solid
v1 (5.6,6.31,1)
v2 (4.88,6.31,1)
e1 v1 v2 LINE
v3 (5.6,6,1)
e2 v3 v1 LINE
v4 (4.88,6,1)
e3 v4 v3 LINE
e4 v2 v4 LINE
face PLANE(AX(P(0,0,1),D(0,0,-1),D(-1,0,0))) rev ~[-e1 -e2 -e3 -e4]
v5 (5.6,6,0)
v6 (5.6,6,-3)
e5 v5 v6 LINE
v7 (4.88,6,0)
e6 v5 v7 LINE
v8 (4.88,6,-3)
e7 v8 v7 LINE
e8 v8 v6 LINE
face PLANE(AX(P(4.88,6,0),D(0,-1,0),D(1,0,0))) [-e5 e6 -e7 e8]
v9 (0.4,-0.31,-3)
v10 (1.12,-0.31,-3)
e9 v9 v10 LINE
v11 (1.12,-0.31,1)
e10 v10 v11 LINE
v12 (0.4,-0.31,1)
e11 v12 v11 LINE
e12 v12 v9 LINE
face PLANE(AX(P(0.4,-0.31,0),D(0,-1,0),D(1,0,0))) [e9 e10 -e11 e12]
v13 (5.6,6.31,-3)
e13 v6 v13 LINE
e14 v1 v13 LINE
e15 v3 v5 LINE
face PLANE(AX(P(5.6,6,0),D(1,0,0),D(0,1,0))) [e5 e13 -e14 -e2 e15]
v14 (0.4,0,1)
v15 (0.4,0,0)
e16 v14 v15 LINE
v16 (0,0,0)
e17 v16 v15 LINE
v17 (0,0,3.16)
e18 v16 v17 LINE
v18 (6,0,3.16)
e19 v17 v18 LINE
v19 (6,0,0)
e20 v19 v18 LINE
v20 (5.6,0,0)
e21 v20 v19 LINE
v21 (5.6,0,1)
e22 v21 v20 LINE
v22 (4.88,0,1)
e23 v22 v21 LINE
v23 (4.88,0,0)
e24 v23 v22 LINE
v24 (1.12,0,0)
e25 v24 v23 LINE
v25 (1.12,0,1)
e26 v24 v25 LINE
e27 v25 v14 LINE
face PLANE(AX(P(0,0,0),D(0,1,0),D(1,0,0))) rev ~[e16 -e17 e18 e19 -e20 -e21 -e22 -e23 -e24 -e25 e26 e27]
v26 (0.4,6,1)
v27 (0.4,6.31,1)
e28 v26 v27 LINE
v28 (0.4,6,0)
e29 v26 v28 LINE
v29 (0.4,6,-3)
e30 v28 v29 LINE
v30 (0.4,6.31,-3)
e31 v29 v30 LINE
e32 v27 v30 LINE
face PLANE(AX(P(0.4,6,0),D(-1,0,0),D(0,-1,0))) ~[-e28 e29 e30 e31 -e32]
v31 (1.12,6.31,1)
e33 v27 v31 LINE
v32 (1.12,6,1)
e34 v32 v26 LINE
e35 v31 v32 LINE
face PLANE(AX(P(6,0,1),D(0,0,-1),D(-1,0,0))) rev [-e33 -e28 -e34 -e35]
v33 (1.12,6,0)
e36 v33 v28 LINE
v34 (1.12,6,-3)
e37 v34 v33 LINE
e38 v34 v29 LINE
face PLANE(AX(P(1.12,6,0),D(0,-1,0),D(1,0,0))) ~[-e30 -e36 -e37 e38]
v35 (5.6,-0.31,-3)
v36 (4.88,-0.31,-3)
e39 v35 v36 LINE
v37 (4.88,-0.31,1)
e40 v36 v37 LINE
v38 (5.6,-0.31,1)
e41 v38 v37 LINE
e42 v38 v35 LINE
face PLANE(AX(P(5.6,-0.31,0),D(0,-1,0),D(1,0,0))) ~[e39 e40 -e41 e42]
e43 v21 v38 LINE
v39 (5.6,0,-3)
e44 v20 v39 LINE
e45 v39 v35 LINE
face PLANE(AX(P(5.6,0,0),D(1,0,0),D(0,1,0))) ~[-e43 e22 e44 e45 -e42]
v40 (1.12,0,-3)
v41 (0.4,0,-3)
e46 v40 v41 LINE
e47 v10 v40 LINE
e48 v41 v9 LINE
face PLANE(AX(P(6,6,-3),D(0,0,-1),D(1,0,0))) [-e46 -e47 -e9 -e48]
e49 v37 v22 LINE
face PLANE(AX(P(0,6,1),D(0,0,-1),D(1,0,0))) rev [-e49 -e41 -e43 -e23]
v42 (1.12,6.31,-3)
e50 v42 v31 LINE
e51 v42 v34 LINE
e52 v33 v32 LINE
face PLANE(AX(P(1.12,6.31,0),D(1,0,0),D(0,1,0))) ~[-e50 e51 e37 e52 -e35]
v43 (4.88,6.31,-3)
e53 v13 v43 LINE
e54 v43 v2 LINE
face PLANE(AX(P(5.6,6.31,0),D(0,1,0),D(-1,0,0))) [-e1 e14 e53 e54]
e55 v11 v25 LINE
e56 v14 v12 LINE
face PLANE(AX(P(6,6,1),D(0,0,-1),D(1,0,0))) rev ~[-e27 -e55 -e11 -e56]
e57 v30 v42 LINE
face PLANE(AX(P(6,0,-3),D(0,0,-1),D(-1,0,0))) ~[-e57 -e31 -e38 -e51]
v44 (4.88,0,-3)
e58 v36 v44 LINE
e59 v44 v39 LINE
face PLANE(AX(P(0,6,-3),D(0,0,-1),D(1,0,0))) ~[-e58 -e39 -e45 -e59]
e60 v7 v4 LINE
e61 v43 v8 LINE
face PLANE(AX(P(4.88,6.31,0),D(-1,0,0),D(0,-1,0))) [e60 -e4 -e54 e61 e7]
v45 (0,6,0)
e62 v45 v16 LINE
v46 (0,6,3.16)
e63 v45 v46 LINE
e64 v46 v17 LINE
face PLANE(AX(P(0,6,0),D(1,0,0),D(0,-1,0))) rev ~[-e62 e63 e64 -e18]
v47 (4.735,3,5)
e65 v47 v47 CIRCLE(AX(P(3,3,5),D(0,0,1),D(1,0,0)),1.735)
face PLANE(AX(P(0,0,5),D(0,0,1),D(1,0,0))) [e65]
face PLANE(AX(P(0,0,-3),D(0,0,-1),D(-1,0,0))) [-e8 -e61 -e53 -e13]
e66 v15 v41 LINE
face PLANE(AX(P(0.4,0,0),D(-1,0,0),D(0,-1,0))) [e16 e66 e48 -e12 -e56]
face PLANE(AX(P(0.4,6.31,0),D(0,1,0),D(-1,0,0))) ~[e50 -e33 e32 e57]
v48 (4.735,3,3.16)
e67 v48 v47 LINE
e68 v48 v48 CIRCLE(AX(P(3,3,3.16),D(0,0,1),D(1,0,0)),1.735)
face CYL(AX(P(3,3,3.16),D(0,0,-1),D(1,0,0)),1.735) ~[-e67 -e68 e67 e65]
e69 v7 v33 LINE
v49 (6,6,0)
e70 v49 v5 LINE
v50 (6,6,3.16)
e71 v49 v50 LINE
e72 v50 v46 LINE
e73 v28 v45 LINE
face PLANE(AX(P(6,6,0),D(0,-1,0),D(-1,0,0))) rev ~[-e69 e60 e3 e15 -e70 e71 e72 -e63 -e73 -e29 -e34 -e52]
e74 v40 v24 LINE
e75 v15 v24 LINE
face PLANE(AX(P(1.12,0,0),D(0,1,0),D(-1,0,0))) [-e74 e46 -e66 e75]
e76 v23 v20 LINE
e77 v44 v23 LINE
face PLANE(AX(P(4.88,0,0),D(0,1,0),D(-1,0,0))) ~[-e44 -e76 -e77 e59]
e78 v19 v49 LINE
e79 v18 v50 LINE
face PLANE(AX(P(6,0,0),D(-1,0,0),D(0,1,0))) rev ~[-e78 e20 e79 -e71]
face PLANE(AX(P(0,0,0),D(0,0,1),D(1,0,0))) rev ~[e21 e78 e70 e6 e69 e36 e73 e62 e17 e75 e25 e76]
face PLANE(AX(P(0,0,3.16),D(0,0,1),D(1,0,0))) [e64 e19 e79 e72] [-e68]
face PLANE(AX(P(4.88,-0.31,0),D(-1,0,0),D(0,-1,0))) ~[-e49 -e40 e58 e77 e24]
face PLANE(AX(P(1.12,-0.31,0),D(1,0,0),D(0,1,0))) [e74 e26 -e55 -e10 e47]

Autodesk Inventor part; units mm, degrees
ref_plane "YZ Plane" through (0, 0, 0) normal (1, 0, 0) x (0, 1, 0)
sketch "Sketch1" plane through (0, 0, 0) normal (0, 0, 1) x (1, 0, 0)
  line L0 (0, 0) -> (6, 0)
  line L1 (6, 0) -> (6, 6)
  line L2 (6, 6) -> (0, 6)
  line L3 (0, 6) -> (0, 0)
  dimension "d0" = 6
  dimension "d1" = 6
extrude "Extrusion1" add sketch "Sketch1" along normal blind 3.16
sketch "Sketch2" plane through (0, 0, 3.16) normal (0, 0, 1) x (1, 0, 0)
  circle A0 centre (3, 3) radius 1.735
  line L0 (6, 0) -> (6, 6) projected
  line L1 (6, 6) -> (0, 6) projected
  point P0 (0, 0)
  point P1 (6, 3)
  point P2 (3, 6)
  dimension "d4" = 3.47
extrude "Extrusion2" add sketch "Sketch2" along normal blind 1.84
sketch "Sketch3" plane through (0, 0, 0) normal (0, 0, -1) x (-1, 0, 0)
  line L0 (-5.6, 6.31) -> (-4.88, 6.31)
  line L1 (-4.88, 6.31) -> (-4.88, 6)
  line L2 (-4.88, 6) -> (-5.6, 6)
  line L3 (-5.6, 6) -> (-5.6, 6.31)
  line L4 (-6, 6) -> (0, 6) projected
  line L5 (-6, 0) -> (-6, 6) projected
  point P0 (0, 0)
  dimension "d7" = 0.72
  dimension "d8" = 0.31
  dimension "d9" = 0.4
extrude "Extrusion3" add sketch "Sketch3" along normal blind 3 and the other way blind 1
ref_plane "Work Plane1" through (3, 0, 0) normal (1, 0, 0) x (0, 0, -1)
ref_plane "Work Plane2" through (0, 3, 0) normal (0, -1, 0) x (1, 0, 0)
mirror "Mirror3" about plane through (3, 0, 0) normal (1, 0, 0) of "Extrusion3"
mirror "Mirror4" about plane through (0, 3, 0) normal (0, -1, 0) of "Extrusion3", "Mirror3"
properties part number "Button"
